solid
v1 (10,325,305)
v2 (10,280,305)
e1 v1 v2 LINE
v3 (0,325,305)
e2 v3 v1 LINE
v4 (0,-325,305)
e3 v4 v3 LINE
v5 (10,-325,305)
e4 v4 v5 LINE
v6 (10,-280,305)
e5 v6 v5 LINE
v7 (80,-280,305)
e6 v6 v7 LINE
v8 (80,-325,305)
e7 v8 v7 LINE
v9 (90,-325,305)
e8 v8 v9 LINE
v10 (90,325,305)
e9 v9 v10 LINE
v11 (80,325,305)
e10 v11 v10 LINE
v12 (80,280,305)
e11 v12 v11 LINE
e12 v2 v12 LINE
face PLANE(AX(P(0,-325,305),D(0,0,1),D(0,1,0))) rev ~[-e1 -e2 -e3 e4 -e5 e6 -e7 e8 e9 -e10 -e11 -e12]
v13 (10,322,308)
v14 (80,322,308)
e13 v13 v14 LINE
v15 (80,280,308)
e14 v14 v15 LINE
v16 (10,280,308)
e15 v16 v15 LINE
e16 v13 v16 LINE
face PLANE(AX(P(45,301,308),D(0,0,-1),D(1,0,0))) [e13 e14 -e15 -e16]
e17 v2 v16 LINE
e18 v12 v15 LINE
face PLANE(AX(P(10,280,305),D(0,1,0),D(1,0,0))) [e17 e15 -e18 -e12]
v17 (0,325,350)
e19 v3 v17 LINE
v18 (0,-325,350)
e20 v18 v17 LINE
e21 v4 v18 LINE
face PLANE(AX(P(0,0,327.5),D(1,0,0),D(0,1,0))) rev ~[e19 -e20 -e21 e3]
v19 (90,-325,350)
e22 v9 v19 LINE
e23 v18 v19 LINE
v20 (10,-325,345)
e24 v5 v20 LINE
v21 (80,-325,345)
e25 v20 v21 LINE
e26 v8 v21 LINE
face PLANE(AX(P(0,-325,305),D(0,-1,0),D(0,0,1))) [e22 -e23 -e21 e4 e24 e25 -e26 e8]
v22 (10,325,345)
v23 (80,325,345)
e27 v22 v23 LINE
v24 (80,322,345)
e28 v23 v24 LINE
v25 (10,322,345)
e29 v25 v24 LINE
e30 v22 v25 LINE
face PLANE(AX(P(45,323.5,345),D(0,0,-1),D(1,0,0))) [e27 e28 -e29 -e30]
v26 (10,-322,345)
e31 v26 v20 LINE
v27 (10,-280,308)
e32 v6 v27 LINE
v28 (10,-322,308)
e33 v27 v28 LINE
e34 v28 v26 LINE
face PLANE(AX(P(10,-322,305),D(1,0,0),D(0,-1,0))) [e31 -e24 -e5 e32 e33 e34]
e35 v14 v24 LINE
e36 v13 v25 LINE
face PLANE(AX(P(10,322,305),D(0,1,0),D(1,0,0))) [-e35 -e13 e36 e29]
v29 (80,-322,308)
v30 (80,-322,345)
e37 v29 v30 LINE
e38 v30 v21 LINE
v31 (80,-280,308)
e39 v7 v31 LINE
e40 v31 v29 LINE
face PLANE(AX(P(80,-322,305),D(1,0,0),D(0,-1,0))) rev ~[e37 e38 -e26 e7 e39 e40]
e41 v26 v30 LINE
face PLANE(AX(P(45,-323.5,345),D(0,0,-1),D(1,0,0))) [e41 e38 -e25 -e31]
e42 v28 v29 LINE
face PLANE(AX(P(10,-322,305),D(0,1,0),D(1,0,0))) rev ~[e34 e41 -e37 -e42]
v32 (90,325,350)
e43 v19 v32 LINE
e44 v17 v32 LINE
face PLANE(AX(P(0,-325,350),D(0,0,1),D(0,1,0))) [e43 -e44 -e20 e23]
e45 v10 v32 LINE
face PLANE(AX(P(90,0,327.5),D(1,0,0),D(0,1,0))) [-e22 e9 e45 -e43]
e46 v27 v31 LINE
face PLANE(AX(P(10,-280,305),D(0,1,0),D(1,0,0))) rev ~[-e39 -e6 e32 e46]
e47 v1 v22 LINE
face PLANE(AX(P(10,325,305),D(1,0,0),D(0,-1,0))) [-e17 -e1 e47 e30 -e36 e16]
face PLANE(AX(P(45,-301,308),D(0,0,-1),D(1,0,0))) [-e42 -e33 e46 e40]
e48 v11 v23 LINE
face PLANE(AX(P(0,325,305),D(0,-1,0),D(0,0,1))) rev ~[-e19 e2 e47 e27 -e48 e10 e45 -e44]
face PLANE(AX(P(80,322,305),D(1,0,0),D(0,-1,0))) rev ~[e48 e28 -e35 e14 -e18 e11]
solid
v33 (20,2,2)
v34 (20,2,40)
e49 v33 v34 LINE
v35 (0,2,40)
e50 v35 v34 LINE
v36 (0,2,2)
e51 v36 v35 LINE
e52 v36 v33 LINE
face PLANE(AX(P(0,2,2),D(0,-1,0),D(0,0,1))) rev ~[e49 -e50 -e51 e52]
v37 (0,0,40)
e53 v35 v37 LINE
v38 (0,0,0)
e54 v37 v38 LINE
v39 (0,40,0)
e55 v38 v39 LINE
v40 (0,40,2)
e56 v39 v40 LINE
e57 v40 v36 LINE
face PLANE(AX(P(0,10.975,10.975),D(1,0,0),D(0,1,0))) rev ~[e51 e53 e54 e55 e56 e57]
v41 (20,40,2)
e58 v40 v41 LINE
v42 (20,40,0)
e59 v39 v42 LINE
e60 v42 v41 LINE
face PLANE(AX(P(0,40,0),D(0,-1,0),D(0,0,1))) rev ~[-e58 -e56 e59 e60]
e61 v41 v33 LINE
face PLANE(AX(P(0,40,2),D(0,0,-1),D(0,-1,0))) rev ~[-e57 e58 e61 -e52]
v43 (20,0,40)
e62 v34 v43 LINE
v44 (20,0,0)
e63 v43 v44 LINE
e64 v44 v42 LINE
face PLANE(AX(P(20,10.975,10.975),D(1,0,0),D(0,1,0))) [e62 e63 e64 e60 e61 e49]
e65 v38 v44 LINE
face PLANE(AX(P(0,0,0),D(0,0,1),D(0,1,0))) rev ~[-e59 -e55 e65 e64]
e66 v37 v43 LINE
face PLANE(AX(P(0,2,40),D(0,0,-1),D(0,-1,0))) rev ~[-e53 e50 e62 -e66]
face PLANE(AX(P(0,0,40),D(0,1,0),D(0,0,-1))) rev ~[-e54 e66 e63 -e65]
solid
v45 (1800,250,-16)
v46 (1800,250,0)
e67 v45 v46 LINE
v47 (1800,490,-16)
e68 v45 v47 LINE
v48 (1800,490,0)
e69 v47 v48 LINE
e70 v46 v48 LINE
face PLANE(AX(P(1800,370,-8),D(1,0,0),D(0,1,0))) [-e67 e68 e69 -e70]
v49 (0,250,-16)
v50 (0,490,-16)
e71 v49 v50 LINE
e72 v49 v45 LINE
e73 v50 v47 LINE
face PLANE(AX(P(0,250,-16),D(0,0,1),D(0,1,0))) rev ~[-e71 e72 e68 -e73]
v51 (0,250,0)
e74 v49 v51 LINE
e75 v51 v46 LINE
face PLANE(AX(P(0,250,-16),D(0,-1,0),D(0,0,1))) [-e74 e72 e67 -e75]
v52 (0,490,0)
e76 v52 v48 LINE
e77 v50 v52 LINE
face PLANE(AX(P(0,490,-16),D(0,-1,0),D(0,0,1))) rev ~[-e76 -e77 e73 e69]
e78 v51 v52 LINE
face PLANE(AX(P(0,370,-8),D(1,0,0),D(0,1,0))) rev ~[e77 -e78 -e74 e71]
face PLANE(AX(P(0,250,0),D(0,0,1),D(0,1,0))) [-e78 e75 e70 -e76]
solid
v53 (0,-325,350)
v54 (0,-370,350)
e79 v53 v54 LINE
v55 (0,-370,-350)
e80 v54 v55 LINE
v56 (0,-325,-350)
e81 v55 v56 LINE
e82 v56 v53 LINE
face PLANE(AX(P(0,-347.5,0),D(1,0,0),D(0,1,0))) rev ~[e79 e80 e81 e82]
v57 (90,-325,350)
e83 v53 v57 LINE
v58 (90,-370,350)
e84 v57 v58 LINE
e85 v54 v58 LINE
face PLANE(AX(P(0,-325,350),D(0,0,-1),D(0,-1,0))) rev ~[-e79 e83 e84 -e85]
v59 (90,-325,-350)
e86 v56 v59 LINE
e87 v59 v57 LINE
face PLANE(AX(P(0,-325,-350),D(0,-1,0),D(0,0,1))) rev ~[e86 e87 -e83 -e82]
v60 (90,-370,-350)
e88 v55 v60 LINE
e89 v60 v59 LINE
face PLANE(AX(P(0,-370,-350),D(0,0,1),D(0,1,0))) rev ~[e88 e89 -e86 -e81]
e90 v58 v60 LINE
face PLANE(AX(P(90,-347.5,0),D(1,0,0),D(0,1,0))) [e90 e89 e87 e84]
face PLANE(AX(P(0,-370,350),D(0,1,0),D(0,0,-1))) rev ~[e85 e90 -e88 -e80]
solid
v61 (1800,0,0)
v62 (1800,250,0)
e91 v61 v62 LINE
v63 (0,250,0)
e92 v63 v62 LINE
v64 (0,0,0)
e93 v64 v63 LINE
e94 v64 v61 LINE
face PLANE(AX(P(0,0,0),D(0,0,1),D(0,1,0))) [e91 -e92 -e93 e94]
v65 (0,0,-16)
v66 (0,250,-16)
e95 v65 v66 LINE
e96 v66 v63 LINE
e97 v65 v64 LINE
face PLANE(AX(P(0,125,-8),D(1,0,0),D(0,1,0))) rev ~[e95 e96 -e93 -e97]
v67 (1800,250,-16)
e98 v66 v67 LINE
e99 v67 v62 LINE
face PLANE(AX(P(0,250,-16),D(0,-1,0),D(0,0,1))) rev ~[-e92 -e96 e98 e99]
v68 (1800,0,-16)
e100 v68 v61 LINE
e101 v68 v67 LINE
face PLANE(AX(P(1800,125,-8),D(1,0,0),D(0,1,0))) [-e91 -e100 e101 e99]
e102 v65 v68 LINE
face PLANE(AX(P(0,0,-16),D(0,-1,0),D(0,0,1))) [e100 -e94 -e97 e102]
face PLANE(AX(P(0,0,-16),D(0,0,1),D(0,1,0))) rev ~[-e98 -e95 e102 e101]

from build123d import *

# Parameters (mm, degrees)
F1_DEPTH  = 90
F0_W      = 650
F0_H      = 45
F2_DEPTH  = 90
F3_W      = 70
F3_H      = 3
F4_DEPTH  = 40
F5_W      = 70
F5_H      = 42
F6_DEPTH  = 3
F8_DEPTH  = 20
F9_W      = 250
F9_H      = 16
F10_DEPTH = 1800
F9_W_2    = 240
F11_DEPTH = 1800


with BuildPart() as f1:
    # F0 (on Right) → F1 (new body)
    with BuildSketch(Plane.YZ):
        Polygon((-325, 350), (-370, 350), (-370, -350), (-325, -350), (-325, -305), (-325, 305), align=None)
    extrude(amount=F1_DEPTH)


with BuildPart() as f2:
    # F0 (on Right) → F2 (new body, through all)
    with BuildSketch(Plane.YZ):
        with Locations((0, 327.5)):
            Rectangle(F0_W, F0_H)
    extrude(amount=F2_DEPTH)

    # F3 (on face) → F4 (cut)
    with BuildSketch(Plane(origin=(0, 0, 305), x_dir=(1, 0, 0), z_dir=(0, 0, -1))):
        with Locations((45, 323.5)):
            Rectangle(F3_W, F3_H)
        with Locations((45, -323.5)):
            Rectangle(F3_W, F3_H)
    extrude(amount=-F4_DEPTH, mode=Mode.SUBTRACT)

    # F5 (on face) → F6 (cut)
    with BuildSketch(Plane(origin=(0, 0, 305), x_dir=(1, 0, 0), z_dir=(0, 0, -1))):
        with Locations((45, 301)):
            Rectangle(F5_W, F5_H)
        with Locations((45, -301)):
            Rectangle(F5_W, F5_H)
    extrude(amount=-F6_DEPTH, mode=Mode.SUBTRACT)


with BuildPart() as f8:
    # F7 (on Right) → F8 (new body)
    with BuildSketch(Plane.YZ):
        Polygon((2, 40), (0, 40), (0, 0), (40, 0), (40, 2), (2, 2), align=None)
    extrude(amount=F8_DEPTH)


with BuildPart() as f10:
    # F9 (on Right) → F10 (new body)
    with BuildSketch(Plane.YZ):
        with Locations((125, -8)):
            Rectangle(F9_W, F9_H)
    extrude(amount=F10_DEPTH)


with BuildPart() as f11:
    # F9 (on Right) → F11 (new body)
    with BuildSketch(Plane.YZ):
        with Locations((370, -8)):
            Rectangle(F9_W_2, F9_H)
    extrude(amount=F11_DEPTH)


solid = Compound([f1.part, f2.part, f8.part, f10.part, f11.part])
